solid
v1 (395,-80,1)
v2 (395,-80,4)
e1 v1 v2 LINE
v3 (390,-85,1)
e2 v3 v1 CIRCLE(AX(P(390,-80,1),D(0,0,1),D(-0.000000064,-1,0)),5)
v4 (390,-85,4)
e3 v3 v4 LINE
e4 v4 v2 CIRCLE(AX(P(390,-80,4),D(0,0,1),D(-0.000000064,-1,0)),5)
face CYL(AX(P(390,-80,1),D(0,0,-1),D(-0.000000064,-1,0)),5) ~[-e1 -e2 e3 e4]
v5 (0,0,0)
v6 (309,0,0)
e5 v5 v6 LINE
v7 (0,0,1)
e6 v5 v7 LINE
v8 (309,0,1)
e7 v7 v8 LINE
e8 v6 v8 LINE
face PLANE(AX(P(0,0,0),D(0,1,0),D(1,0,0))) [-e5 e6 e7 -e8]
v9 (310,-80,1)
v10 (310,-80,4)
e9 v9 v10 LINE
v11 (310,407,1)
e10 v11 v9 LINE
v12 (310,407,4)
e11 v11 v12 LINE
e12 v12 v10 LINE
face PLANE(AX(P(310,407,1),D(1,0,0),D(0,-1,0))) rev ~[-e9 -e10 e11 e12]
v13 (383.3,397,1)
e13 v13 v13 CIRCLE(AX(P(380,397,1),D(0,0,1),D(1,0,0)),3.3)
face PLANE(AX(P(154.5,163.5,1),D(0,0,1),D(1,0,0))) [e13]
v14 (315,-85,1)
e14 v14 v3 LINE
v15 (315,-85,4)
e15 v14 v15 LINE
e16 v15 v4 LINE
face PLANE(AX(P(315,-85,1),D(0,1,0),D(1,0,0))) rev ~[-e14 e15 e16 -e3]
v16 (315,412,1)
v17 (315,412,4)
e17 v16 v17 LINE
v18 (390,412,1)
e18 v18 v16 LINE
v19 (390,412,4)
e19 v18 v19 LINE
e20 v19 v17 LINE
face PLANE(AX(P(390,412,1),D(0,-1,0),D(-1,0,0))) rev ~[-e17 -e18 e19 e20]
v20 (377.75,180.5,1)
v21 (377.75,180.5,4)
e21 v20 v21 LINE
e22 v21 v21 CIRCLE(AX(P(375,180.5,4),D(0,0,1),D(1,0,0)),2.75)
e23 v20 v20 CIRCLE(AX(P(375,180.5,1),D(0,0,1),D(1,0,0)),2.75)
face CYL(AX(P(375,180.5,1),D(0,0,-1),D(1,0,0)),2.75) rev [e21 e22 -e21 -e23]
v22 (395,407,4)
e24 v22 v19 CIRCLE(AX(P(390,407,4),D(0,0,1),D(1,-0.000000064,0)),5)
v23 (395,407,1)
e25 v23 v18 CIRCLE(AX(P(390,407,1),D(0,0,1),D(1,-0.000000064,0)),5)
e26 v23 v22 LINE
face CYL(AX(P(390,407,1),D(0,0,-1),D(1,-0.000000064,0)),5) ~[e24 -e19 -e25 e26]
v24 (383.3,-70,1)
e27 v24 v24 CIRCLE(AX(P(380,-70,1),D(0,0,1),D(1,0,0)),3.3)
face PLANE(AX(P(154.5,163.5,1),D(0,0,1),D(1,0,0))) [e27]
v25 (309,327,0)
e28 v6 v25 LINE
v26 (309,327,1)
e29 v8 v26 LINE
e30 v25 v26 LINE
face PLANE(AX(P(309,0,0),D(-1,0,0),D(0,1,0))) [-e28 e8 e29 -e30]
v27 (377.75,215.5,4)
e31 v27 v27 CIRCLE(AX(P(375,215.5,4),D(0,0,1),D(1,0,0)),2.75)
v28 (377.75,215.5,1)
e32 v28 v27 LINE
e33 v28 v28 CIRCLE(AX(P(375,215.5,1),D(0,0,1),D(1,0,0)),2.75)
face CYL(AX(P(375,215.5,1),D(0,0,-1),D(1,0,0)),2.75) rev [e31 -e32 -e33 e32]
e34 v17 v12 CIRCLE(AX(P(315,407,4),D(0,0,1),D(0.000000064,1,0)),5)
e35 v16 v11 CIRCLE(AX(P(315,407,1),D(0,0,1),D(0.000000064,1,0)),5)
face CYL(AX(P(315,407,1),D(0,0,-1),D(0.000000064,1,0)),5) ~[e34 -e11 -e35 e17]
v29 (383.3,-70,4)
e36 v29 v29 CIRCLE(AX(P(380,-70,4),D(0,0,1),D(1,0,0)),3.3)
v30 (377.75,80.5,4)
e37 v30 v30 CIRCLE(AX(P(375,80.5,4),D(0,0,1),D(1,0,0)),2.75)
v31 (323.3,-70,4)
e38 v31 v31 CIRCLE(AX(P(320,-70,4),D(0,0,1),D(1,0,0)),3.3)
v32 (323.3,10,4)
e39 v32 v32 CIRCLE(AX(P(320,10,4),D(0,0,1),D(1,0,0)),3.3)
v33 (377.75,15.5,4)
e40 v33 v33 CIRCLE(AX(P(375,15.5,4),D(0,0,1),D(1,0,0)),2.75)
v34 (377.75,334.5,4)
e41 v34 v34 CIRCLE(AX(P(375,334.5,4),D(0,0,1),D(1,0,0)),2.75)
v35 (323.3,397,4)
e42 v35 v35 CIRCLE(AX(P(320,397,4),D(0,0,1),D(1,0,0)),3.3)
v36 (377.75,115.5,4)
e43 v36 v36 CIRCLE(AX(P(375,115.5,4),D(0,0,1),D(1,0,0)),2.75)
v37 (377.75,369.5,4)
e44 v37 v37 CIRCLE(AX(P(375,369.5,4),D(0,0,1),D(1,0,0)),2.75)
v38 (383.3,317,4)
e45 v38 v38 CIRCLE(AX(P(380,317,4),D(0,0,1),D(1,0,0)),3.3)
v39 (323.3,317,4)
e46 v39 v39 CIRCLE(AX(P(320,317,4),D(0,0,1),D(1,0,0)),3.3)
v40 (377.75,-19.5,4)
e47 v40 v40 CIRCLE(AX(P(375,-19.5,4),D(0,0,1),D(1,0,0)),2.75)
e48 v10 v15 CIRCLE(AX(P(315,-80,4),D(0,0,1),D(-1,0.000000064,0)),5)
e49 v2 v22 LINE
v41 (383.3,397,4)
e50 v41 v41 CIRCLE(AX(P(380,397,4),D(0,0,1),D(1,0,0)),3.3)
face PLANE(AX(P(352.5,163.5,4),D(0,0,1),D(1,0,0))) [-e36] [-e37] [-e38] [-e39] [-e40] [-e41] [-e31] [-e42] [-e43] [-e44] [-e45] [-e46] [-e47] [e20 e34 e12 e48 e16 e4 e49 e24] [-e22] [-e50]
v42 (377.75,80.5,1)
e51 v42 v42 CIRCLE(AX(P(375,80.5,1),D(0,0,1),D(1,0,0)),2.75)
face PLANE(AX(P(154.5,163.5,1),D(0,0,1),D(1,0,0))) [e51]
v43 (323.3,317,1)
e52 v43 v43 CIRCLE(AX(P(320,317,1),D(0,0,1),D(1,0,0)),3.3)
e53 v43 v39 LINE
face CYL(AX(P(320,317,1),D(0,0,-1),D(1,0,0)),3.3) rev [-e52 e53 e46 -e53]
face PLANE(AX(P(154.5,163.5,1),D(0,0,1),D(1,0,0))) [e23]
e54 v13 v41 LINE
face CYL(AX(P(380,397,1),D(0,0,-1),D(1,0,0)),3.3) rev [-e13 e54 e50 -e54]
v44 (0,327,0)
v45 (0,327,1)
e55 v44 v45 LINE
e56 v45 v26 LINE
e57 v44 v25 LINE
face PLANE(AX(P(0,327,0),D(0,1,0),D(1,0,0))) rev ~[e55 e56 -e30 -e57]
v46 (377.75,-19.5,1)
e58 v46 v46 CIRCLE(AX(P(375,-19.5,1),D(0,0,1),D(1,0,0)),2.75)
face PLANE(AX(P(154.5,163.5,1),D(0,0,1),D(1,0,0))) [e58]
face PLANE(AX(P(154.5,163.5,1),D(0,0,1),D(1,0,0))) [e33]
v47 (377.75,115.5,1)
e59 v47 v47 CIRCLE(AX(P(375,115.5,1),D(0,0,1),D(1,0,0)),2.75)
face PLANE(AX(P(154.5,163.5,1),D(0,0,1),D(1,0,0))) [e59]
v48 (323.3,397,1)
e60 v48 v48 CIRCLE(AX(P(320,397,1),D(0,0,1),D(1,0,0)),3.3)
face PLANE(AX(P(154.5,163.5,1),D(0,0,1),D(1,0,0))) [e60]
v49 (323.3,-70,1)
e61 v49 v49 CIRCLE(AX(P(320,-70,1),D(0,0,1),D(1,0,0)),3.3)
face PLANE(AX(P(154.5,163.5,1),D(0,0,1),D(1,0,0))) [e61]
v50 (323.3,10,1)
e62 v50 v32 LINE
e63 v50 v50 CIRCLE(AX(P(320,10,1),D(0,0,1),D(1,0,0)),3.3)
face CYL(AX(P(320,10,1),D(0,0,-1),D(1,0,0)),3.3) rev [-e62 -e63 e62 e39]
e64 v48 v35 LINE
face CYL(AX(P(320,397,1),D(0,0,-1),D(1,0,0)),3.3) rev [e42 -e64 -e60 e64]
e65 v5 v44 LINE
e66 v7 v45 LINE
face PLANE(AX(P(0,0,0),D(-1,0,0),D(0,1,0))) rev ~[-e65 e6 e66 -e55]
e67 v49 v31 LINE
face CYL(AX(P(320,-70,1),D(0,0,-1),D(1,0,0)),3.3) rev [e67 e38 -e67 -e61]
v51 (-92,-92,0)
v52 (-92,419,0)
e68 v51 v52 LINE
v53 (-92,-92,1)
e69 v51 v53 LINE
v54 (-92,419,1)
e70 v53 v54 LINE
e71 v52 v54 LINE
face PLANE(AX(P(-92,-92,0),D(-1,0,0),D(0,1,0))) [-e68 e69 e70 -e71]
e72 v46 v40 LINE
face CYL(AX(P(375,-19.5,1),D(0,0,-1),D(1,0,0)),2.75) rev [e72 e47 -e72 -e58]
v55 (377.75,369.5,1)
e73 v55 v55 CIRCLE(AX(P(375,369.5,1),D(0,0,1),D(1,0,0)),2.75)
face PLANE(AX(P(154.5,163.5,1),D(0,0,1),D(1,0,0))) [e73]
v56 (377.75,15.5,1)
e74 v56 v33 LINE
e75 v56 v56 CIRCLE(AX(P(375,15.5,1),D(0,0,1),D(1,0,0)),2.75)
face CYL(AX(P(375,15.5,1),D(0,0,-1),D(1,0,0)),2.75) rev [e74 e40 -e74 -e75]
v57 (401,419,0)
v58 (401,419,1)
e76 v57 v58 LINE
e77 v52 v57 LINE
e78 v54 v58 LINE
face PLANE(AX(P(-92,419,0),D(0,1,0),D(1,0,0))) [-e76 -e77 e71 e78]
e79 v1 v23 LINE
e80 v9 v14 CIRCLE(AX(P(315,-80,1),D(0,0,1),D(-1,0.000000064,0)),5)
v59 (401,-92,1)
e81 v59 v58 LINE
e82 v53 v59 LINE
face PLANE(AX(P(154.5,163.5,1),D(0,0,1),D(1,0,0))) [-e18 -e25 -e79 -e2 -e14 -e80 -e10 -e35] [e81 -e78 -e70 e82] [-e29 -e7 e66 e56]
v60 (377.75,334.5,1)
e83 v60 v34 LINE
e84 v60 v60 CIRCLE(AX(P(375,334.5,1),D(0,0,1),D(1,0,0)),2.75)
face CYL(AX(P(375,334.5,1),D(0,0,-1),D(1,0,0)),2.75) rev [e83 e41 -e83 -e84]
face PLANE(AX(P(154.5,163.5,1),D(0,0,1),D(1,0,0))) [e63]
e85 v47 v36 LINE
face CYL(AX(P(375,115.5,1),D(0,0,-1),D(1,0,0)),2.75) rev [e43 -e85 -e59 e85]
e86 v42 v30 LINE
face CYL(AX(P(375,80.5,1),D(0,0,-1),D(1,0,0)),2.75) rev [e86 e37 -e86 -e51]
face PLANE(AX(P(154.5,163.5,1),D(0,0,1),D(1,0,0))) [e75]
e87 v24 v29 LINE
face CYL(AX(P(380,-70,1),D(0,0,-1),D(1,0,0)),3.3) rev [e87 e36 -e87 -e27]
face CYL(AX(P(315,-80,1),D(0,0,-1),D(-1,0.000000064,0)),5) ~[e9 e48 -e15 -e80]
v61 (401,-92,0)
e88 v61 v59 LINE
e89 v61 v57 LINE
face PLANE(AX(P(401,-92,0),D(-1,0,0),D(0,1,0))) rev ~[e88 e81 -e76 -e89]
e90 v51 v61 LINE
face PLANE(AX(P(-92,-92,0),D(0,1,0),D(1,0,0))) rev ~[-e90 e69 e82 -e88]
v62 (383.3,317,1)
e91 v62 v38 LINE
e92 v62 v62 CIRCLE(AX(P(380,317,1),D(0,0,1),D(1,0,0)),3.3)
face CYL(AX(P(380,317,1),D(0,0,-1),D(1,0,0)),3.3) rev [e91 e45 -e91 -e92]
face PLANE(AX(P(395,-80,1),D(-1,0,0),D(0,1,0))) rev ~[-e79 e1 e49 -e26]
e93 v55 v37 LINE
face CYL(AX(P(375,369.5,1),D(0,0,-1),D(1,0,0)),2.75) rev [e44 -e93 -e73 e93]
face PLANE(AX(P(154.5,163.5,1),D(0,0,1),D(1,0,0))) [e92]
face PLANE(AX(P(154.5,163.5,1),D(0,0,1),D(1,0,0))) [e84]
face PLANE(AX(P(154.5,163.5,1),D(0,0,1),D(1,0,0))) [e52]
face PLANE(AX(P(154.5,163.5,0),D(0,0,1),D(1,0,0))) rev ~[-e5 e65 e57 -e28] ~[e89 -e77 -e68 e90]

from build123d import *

# Parameters (mm, degrees)
F0_W     = 493
F0_H     = 511
F0_W_2   = 309
F0_H_2   = 327
F1_DEPTH = 1
F2_R     = 3.3
F2_R_2   = 2.75
F3_DEPTH = 3


with BuildPart() as f1:
    # F0 (on Top) → F1 (new body)
    with BuildSketch(Plane.XY):
        with Locations((154.5, 163.5)):
            Rectangle(F0_W, F0_H)
        with Locations((154.5, 163.5)):
            Rectangle(F0_W_2, F0_H_2, mode=Mode.SUBTRACT)
    extrude(amount=F1_DEPTH)

    # F2 (on face) → F3 (join)
    with BuildSketch(Plane.XY.offset(1)):
        with BuildLine():
            Line((390, 412), (315, 412))
            ThreePointArc((315, 412), (311.464466, 410.535534), (310, 407))
            Line((310, 407), (310, -80))
            ThreePointArc((310, -80), (311.464466, -83.535534), (315, -85))
            Line((315, -85), (390, -85))
            ThreePointArc((390, -85), (393.535534, -83.535534), (395, -80))
            Line((395, -80), (395, 407))
            ThreePointArc((395, 407), (393.535534, 410.535534), (390, 412))
        make_face()
        with Locations((320, -70)):
            Circle(F2_R, mode=Mode.SUBTRACT)
        with Locations((380, -70)):
            Circle(F2_R, mode=Mode.SUBTRACT)
        with Locations((320, 10)):
            Circle(F2_R, mode=Mode.SUBTRACT)
        with Locations((375, -19.5)):
            Circle(F2_R_2, mode=Mode.SUBTRACT)
        with Locations((375, 15.5)):
            Circle(F2_R_2, mode=Mode.SUBTRACT)
        with Locations((375, 80.5)):
            Circle(F2_R_2, mode=Mode.SUBTRACT)
        with Locations((375, 115.5)):
            Circle(F2_R_2, mode=Mode.SUBTRACT)
        with Locations((375, 180.5)):
            Circle(F2_R_2, mode=Mode.SUBTRACT)
        with Locations((375, 215.5)):
            Circle(F2_R_2, mode=Mode.SUBTRACT)
        with Locations((320, 317)):
            Circle(F2_R, mode=Mode.SUBTRACT)
        with Locations((380, 317)):
            Circle(F2_R, mode=Mode.SUBTRACT)
        with Locations((375, 334.5)):
            Circle(F2_R_2, mode=Mode.SUBTRACT)
        with Locations((320, 397)):
            Circle(F2_R, mode=Mode.SUBTRACT)
        with Locations((375, 369.5)):
            Circle(F2_R_2, mode=Mode.SUBTRACT)
        with Locations((380, 397)):
            Circle(F2_R, mode=Mode.SUBTRACT)
    extrude(amount=F3_DEPTH)


solid = f1.part
